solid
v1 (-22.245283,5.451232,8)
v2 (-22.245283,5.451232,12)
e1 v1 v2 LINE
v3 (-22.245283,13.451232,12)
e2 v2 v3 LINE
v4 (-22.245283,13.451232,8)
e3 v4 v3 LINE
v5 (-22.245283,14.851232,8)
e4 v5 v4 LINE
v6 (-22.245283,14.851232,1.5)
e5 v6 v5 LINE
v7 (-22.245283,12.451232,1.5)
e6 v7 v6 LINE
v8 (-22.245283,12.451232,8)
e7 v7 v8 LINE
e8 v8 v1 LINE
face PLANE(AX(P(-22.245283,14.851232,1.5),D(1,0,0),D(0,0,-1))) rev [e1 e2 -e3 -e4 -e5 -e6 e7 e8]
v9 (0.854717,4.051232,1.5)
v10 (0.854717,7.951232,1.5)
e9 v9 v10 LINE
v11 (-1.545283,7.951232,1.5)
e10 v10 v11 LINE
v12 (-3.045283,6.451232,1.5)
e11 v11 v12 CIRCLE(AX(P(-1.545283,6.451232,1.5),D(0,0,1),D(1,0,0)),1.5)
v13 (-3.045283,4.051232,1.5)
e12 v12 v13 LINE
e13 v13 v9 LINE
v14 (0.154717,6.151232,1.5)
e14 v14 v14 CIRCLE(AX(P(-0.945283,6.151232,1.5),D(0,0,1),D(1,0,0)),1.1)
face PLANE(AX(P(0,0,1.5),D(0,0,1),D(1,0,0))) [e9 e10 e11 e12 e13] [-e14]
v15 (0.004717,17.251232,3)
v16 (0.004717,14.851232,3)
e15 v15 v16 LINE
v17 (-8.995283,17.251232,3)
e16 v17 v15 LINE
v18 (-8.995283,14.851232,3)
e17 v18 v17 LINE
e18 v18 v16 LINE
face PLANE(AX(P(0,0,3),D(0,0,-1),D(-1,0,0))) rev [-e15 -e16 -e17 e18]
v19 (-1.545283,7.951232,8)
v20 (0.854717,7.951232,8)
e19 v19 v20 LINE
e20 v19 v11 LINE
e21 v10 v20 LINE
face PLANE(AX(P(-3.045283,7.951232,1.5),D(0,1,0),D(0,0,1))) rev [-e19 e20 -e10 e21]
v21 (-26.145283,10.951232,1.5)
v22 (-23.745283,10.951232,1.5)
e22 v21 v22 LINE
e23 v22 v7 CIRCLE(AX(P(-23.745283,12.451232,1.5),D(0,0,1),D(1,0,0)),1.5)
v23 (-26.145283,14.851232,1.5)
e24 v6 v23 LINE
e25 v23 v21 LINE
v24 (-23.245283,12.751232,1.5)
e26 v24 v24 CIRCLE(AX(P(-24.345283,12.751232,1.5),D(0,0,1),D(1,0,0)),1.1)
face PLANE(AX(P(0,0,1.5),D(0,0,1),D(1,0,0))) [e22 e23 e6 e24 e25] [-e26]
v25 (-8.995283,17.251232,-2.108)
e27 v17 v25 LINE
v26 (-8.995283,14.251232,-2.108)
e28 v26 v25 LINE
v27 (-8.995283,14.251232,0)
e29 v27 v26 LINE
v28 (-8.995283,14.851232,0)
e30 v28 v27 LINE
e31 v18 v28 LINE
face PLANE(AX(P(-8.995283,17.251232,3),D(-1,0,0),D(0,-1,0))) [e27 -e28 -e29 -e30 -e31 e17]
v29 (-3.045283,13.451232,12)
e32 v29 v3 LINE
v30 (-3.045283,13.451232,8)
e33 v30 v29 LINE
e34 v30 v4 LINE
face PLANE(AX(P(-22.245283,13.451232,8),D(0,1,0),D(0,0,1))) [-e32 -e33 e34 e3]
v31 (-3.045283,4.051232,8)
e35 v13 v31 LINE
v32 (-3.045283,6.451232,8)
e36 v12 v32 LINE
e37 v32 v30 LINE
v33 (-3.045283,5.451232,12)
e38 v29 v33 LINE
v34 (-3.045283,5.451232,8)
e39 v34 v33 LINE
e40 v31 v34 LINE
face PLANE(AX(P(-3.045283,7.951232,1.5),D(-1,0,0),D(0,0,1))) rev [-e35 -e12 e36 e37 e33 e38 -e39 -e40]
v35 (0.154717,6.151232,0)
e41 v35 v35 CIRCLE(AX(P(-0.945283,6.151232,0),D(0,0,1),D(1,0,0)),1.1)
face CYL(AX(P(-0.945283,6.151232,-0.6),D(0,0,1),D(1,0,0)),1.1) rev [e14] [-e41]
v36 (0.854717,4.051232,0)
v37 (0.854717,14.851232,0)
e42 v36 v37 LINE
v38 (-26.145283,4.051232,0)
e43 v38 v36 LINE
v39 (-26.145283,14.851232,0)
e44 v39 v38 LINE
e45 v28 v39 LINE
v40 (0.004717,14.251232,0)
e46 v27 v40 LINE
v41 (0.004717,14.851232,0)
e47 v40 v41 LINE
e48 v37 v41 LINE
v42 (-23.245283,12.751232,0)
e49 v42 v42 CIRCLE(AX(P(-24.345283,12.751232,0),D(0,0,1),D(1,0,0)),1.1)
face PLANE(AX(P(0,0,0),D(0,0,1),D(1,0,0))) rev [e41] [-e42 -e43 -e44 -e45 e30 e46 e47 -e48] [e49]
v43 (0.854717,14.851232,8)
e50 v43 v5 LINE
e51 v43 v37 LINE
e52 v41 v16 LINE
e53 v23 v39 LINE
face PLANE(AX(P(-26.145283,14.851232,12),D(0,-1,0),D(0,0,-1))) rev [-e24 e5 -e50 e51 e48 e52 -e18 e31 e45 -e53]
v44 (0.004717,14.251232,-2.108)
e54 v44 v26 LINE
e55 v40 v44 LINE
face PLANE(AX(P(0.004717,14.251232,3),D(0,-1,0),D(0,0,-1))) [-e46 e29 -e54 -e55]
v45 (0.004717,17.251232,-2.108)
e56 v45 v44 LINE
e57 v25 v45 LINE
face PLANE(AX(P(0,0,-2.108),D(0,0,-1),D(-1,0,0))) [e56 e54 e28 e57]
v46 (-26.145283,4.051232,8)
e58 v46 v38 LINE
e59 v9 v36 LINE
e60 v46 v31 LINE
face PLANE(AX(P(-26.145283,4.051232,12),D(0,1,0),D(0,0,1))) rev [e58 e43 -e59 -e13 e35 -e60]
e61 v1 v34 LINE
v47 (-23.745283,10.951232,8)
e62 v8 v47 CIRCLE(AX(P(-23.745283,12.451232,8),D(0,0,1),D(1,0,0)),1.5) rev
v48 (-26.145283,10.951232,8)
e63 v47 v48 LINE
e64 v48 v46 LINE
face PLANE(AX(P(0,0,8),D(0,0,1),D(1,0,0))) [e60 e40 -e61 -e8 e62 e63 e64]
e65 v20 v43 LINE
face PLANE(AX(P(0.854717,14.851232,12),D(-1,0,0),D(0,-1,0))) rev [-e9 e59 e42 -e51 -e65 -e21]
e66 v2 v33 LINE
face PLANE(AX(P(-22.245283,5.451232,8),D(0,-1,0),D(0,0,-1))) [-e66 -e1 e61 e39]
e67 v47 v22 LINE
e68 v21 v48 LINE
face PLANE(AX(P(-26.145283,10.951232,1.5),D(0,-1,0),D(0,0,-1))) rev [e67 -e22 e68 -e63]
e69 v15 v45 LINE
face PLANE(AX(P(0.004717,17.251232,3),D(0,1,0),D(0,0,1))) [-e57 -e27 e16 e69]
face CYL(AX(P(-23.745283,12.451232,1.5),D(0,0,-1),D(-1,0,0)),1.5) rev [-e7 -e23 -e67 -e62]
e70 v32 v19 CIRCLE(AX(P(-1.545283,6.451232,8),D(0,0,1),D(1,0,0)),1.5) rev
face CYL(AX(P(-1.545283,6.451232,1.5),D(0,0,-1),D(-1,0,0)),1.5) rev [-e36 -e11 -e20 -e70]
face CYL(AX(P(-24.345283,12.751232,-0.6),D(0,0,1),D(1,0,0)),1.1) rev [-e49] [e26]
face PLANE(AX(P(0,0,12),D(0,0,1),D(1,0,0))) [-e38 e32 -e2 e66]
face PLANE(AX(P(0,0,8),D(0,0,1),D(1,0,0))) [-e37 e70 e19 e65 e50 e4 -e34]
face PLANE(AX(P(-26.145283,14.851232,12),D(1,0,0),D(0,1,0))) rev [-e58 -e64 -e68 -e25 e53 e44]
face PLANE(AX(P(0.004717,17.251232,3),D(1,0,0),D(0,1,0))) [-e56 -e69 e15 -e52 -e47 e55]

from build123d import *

# Parameters (mm, degrees)
SKETCH_1_W           = 27
SKETCH_1_H           = 10.8
EXTRUDE_1_DEPTH      = 12
SKETCH_2_W           = 3.9
SKETCH_2_H           = 3.9
CUT_EXTRUDE_2_DEPTH  = 10.5
FILLET_3_R           = 1.5
FILLET_4_R           = 1.5
SKETCH_3_R           = 1.1
CUT_EXTRUDE_3_DEPTH  = 2.1
SKETCH_4_W           = 27
SKETCH_4_H           = 10.8
SKETCH_4_W_2         = 19.2
SKETCH_4_H_2         = 8
CUT_EXTRUDE_4_DEPTH  = 4
SKETCH_5_W           = 9
SKETCH_5_H           = 3
EXTRUDE_2_DEPTH      = 2.108
EXTRUDE_2_DEPTH_BACK = 3


with BuildPart() as part:
    # 스케치1 → 보스-돌출1 (new body)
    with BuildSketch(Plane.XY):
        with Locations((-12.645283423, 9.45123242)):
            Rectangle(SKETCH_1_W, SKETCH_1_H)
    extrude(amount=EXTRUDE_1_DEPTH)

    # 스케치2 → 컷-돌출2 (cut)
    with BuildSketch(Plane.XY.offset(12)):
        with Locations((-24.195283423, 12.90123242)):
            Rectangle(SKETCH_2_W, SKETCH_2_H)
        with Locations((-1.095283423, 6.00123242)):
            Rectangle(SKETCH_2_W, SKETCH_2_H)
    extrude(amount=-CUT_EXTRUDE_2_DEPTH, mode=Mode.SUBTRACT)

    # 필렛3
    fillet_3_edges = [part.edges().sort_by_distance(p)[0] for p in [
        (-22.245283423, 10.95123242, 6.75),
    ]]
    fillet(fillet_3_edges, radius=FILLET_3_R)

    # 필렛4
    fillet_4_edges = [part.edges().sort_by_distance(p)[0] for p in [
        (-3.045283423, 7.95123242, 6.75),
    ]]
    fillet(fillet_4_edges, radius=FILLET_4_R)

    # 스케치3 → 컷-돌출3 (cut)
    with BuildSketch(Plane.XY.offset(1.5)):
        with Locations((-24.345283423, 12.75123242)):
            Circle(SKETCH_3_R)
        with Locations((-0.945283423, 6.15123242)):
            Circle(SKETCH_3_R)
    extrude(amount=-CUT_EXTRUDE_3_DEPTH, mode=Mode.SUBTRACT)

    # 스케치4 → 컷-돌출4 (cut)
    with BuildSketch(Plane.XY.offset(12)):
        with Locations((-12.645283423, 9.45123242)):
            Rectangle(SKETCH_4_W, SKETCH_4_H)
        with Locations((-12.645283423, 9.45123242)):
            Rectangle(SKETCH_4_W_2, SKETCH_4_H_2, mode=Mode.SUBTRACT)
    extrude(amount=-CUT_EXTRUDE_4_DEPTH, mode=Mode.SUBTRACT)

    # 스케치5 → 보스-돌출2 (add, two sides)
    with BuildSketch(Plane(origin=(0, 0, 0), x_dir=(-1, 0, 0), z_dir=(0, 0, -1))) as extrude_2_sk:
        with Locations((4.495283423, 15.75123242)):
            Rectangle(SKETCH_5_W, SKETCH_5_H)
    extrude(amount=EXTRUDE_2_DEPTH)
    extrude(extrude_2_sk.sketch, amount=-EXTRUDE_2_DEPTH_BACK)


solid = part.part
